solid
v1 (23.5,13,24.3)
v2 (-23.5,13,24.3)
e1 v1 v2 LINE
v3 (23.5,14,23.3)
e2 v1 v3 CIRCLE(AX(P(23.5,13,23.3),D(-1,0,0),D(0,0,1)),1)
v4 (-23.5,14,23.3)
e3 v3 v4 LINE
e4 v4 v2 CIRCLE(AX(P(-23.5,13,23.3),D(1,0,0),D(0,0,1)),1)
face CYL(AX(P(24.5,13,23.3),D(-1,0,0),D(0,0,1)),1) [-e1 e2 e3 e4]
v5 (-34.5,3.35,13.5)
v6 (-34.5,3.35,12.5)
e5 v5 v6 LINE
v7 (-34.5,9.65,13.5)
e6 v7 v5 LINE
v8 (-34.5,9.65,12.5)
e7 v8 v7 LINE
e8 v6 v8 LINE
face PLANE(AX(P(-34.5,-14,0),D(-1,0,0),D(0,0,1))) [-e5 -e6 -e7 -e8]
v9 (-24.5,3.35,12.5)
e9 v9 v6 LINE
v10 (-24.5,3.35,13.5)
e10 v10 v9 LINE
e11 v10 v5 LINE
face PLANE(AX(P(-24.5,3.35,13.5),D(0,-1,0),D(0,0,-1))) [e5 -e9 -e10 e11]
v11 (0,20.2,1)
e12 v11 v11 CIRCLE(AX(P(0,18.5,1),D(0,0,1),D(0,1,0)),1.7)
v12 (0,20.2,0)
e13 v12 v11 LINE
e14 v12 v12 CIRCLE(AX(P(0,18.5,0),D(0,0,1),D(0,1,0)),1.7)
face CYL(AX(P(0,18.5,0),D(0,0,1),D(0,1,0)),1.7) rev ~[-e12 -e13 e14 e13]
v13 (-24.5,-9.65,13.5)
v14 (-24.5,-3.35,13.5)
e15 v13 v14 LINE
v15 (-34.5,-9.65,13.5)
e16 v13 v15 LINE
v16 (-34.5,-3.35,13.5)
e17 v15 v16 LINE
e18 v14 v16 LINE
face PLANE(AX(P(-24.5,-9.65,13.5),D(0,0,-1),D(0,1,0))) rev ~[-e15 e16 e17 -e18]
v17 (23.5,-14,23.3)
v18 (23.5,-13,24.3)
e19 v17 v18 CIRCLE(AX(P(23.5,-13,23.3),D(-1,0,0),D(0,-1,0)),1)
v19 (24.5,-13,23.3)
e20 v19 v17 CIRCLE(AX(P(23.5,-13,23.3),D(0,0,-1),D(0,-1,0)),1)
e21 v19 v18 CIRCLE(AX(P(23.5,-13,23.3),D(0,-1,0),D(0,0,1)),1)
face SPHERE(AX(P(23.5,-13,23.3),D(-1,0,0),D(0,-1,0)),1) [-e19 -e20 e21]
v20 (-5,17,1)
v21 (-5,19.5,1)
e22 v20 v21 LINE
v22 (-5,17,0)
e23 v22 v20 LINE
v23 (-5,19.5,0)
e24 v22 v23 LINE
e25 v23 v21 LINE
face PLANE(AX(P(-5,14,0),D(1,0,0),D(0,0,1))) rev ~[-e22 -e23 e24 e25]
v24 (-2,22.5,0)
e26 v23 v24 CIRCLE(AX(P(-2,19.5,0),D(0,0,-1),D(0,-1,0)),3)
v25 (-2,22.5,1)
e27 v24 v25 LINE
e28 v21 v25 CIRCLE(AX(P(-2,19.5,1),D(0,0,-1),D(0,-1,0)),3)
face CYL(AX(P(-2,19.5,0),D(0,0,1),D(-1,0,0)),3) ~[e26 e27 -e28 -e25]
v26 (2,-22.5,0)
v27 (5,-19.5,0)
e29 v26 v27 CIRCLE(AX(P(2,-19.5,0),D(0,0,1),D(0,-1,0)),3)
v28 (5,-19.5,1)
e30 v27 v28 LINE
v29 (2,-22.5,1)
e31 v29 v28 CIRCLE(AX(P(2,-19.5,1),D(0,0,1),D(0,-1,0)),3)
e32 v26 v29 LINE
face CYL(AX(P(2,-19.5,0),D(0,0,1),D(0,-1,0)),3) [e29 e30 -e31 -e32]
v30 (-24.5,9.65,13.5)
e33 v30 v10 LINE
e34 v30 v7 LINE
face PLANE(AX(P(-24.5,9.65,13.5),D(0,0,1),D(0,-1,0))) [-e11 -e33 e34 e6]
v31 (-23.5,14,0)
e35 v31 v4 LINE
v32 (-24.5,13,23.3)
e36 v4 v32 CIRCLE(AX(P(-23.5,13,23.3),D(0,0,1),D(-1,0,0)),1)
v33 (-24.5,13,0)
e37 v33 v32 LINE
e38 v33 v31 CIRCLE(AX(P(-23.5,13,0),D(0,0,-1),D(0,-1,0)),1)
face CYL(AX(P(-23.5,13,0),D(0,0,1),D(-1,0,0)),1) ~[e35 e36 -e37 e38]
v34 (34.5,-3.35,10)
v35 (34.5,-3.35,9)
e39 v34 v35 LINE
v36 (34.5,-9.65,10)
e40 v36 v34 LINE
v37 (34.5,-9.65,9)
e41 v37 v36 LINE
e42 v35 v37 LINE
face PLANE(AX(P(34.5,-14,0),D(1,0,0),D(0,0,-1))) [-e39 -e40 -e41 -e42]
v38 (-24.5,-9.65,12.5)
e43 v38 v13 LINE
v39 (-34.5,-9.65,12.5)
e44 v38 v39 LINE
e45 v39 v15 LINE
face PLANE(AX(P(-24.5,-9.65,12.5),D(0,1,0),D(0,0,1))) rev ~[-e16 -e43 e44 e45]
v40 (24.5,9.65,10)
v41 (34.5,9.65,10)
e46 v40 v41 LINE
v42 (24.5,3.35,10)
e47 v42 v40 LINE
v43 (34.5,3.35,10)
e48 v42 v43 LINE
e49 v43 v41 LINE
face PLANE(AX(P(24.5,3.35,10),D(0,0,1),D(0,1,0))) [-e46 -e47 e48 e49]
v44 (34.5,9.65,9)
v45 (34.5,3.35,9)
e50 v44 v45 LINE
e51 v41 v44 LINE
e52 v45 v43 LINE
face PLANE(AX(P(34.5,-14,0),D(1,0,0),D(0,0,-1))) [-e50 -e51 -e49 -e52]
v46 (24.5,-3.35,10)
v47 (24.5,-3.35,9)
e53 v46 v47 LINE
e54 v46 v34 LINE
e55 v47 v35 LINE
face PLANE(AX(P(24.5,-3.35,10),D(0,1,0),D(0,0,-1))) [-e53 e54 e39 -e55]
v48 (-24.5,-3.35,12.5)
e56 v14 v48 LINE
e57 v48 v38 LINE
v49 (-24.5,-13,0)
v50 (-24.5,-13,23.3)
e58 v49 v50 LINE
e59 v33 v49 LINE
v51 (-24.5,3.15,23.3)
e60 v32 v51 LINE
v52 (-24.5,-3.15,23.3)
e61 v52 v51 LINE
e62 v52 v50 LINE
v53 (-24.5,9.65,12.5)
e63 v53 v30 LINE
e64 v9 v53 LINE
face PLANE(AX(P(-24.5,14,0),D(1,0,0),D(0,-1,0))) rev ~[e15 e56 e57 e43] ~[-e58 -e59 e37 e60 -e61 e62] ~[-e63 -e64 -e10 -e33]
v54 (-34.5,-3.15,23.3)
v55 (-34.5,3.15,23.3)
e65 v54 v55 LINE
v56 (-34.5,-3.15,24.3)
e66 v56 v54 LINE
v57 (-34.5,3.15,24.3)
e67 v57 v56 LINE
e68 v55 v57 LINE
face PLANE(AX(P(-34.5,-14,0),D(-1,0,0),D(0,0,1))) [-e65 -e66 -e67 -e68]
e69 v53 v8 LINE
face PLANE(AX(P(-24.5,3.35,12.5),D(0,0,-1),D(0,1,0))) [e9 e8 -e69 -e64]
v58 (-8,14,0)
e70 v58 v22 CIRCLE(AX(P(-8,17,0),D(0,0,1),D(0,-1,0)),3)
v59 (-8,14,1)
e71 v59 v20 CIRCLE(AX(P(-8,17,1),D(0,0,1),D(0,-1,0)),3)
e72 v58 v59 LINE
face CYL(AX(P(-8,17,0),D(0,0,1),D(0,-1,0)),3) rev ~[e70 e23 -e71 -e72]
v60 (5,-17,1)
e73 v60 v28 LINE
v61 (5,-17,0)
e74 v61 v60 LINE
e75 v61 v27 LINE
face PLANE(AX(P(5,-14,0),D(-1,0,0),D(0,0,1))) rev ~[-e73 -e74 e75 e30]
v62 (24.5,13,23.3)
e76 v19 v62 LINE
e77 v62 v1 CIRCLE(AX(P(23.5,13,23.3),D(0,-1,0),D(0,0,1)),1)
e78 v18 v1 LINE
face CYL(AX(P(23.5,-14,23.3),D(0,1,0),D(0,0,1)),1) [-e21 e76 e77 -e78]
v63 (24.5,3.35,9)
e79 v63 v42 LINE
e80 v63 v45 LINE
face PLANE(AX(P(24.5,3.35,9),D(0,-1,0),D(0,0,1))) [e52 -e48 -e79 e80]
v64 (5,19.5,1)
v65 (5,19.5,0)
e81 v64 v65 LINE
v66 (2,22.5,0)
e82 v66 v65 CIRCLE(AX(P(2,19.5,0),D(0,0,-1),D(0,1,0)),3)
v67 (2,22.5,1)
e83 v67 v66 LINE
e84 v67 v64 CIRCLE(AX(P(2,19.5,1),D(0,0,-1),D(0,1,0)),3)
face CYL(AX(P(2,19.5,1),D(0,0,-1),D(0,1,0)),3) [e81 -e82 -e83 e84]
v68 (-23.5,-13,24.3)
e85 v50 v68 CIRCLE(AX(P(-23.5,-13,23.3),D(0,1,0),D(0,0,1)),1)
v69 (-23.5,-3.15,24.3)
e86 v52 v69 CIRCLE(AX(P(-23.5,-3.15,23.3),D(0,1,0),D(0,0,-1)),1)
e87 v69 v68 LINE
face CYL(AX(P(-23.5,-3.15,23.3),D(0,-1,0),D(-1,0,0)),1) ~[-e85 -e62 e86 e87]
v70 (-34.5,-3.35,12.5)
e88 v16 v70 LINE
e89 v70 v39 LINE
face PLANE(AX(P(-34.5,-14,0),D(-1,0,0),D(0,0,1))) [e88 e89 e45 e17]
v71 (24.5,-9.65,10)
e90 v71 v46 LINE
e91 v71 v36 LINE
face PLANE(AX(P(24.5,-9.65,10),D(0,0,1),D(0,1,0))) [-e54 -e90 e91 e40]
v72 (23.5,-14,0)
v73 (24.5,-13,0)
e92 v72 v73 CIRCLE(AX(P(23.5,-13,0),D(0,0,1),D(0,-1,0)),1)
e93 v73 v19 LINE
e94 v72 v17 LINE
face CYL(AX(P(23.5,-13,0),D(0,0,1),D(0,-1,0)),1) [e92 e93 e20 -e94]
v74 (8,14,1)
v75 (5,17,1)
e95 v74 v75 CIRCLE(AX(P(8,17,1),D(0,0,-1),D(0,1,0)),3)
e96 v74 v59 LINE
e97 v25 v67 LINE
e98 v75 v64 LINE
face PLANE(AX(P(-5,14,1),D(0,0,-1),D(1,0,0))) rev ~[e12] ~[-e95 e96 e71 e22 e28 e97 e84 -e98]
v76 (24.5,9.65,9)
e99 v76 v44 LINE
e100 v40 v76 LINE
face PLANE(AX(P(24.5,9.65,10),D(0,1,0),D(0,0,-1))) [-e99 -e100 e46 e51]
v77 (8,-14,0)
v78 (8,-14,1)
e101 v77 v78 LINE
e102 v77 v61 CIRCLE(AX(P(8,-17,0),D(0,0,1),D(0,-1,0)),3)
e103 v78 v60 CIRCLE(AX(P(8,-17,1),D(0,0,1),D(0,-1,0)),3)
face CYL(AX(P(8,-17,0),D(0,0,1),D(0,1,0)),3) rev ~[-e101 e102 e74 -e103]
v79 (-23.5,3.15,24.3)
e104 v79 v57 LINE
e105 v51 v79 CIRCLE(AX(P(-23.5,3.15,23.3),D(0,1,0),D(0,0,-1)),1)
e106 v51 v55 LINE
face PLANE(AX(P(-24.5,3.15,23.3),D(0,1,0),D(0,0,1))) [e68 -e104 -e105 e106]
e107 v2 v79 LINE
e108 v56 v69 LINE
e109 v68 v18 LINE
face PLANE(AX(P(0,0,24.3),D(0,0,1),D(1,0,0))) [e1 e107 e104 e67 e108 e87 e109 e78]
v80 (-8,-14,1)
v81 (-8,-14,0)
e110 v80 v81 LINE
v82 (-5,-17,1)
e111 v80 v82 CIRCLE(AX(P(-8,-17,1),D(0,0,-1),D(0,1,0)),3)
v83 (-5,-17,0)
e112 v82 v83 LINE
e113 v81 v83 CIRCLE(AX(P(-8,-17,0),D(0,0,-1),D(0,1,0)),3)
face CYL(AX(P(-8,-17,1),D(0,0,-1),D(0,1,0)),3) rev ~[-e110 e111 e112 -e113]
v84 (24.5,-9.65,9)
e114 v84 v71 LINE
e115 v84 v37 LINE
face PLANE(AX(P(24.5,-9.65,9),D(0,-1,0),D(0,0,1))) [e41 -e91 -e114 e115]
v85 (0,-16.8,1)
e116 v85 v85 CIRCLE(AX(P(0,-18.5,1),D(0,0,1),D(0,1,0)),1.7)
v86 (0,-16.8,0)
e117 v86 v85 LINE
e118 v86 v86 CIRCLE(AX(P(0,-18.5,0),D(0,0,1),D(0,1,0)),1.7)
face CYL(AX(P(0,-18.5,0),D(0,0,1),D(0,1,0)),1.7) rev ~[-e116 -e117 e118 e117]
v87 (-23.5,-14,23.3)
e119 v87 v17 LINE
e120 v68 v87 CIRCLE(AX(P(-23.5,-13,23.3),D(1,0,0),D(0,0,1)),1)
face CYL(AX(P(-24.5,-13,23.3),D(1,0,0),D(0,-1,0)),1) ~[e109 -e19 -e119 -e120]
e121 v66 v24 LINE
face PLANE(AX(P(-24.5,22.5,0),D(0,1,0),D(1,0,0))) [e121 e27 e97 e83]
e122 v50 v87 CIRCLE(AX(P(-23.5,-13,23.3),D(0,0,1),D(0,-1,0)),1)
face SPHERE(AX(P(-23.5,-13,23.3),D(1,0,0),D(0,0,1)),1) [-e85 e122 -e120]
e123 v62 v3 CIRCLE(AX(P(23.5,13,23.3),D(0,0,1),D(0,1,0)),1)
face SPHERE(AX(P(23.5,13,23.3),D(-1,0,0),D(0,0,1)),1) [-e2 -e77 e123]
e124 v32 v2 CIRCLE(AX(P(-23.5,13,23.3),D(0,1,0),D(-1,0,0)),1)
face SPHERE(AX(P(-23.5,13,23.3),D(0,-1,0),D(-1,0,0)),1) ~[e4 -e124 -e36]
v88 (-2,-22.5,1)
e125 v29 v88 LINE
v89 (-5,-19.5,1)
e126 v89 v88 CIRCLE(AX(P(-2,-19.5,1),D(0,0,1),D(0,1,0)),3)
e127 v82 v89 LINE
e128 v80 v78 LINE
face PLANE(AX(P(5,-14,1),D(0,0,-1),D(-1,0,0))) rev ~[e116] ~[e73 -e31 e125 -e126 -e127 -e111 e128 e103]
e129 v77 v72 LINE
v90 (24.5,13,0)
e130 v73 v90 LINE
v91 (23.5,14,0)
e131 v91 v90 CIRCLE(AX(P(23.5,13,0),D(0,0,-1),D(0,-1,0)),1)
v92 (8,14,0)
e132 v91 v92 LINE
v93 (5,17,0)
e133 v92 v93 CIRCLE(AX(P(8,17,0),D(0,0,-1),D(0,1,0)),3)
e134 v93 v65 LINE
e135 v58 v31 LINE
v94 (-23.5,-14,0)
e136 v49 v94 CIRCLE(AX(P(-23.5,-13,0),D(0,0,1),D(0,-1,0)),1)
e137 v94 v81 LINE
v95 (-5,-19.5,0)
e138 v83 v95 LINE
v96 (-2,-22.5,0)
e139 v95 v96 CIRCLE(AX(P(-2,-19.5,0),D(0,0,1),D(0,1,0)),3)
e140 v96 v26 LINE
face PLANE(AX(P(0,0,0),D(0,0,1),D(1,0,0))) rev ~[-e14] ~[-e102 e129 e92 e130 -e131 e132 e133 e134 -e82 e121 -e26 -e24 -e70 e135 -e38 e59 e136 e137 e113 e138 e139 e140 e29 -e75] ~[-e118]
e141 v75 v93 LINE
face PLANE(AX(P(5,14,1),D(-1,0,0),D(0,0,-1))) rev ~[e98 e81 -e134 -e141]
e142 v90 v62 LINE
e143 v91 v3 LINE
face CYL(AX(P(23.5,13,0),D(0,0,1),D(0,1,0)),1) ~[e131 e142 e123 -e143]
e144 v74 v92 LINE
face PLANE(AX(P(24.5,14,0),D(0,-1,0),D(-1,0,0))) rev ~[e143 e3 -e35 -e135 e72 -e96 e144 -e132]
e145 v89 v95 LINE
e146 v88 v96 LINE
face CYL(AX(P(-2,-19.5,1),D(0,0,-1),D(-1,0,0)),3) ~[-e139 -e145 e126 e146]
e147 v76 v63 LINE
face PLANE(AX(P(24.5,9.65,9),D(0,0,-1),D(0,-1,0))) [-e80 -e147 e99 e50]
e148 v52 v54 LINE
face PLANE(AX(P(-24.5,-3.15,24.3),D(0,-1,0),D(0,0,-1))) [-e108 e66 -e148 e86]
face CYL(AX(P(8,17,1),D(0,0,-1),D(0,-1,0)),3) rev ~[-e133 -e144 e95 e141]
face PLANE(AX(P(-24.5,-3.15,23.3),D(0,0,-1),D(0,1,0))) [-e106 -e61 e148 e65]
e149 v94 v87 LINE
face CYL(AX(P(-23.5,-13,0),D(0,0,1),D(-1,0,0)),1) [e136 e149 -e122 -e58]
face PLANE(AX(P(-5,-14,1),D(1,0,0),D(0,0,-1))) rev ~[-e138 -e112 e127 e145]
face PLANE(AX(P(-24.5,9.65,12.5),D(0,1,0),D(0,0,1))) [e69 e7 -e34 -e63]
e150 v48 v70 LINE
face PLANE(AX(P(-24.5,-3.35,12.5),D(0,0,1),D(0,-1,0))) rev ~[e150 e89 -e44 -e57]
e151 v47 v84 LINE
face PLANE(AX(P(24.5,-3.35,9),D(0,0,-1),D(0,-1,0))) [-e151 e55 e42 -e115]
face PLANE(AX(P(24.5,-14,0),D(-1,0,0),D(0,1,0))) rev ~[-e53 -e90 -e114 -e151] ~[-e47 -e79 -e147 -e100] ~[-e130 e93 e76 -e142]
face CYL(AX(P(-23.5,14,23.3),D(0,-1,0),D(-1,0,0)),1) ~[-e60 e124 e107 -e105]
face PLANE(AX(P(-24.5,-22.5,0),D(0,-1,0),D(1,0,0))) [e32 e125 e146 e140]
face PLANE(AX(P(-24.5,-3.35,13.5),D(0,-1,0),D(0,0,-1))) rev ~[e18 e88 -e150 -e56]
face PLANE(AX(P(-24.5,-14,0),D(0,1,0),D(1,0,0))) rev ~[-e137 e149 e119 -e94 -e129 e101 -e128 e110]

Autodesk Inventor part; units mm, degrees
ref_plane "YZ Plane" through (0, 0, 0) normal (1, 0, 0) x (0, 1, 0)
ref_plane "XZ Plane" through (0, 0, 0) normal (0, 1, 0) x (-1, 0, 0)
ref_plane "XY Plane" through (0, 0, 0) normal (0, 0, 1) x (1, 0, 0)
sketch "Sketch1" plane through (0, 0, 0) normal (0, 0, 1) x (1, 0, 0)
  line L0 (-24.5, -14) -> (24.5, -14)
  line L1 (24.5, -14) -> (24.5, 14)
  line L2 (24.5, 14) -> (-24.5, 14)
  line L3 (-24.5, 14) -> (-24.5, -14)
  line L4 (-24.5, -14) -> (24.5, 14) construction
  line L5 (24.5, -14) -> (-24.5, 14) construction
  point P0 (0, 0)
  dimension "d0" = 49
  dimension "d1" = 28
extrude "Extrusion1" add sketch "Sketch1" along normal blind 24.3
sketch "Sketch2" plane through (24.5, -14, 0) normal (1, 0, 0) x (0, 0, -1)
  line L0 (-9, 4.35) -> (-10, 4.35)
  line L1 (-10, 4.35) -> (-10, 10.65)
  line L2 (-10, 10.65) -> (-9, 10.65)
  line L3 (-9, 10.65) -> (-9, 4.35)
  line L4 (-9, 4.35) -> (-10, 10.65) construction
  line L5 (-10, 4.35) -> (-9, 10.65) construction
  line L6 (-9, 17.35) -> (-10, 17.35)
  line L7 (-10, 17.35) -> (-10, 23.65)
  line L8 (-10, 23.65) -> (-9, 23.65)
  line L9 (-9, 23.65) -> (-9, 17.35)
  line L10 (-9, 17.35) -> (-10, 23.65) construction
  line L11 (-10, 17.35) -> (-9, 23.65) construction
  line L12 (-9.5, 7.5) -> (-9.5, 20.5) construction
  line L13 (0, 0) -> (0, 28) construction
  point P0 (0, 14)
  point P1 (-9.5, 14)
  point P2 (0, 14)
  dimension "d4" = 1
  dimension "d5" = 6.3
  dimension "d6" = 6.3
  dimension "d7" = 13
  dimension "d8" = 9
extrude "Extrusion2" add sketch "Sketch2" along normal blind 10
sketch "Sketch3" plane through (-24.5, -14, 0) normal (0, -1, 0) x (1, 0, 0)
  line L0 (19.5, 0) -> (29.5, 0)
  line L1 (29.5, 0) -> (29.5, 1)
  line L2 (29.5, 1) -> (19.5, 1)
  line L3 (19.5, 1) -> (19.5, 0)
  line L4 (0, 0) -> (49, 0) projected
  point P0 (24.5, 0)
  point P1 (24.5, 0)
  point P2 (24.5, 0)
  point P3 (24.5, 0)
  dimension "d11" = 1
  dimension "d12" = 10
extrude "Extrusion3" add sketch "Sketch3" along normal blind 8.5
sketch "Sketch4" plane through (-24.5, 14, 0) normal (0, 1, 0) x (1, 0, 0)
  line L0 (29.5, -1) -> (29.5, 0) projected
  line L1 (29.5, 0) -> (19.5, 0)
  line L2 (19.5, 0) -> (19.5, -1)
  line L3 (19.5, -1) -> (29.5, -1)
  line L4 (29.5, -1) -> (29.5, 0)
  line L5 (49, 0) -> (0, 0) projected
  point P0 (24.5, 0)
  point P1 (24.5, -1)
  point P2 (24.5, 0)
  dimension "d15" = 1
extrude "Extrusion4" add sketch "Sketch4" along normal blind 8.5
sketch "Sketch5" plane through (-24.5, -14, 0) normal (-1, 0, 0) x (0, 0, 1)
  line L0 (12.5, 23.65) -> (13.5, 23.65)
  line L1 (13.5, 23.65) -> (13.5, 17.35)
  line L2 (13.5, 17.35) -> (12.5, 17.35)
  line L3 (12.5, 17.35) -> (12.5, 23.65)
  line L4 (12.5, 23.65) -> (13.5, 17.35) construction
  line L5 (13.5, 23.65) -> (12.5, 17.35) construction
  line L6 (12.5, 4.35) -> (13.5, 4.35)
  line L7 (13.5, 4.35) -> (13.5, 10.65)
  line L8 (13.5, 10.65) -> (12.5, 10.65)
  line L9 (12.5, 10.65) -> (12.5, 4.35)
  line L10 (12.5, 4.35) -> (13.5, 10.65) construction
  line L11 (13.5, 4.35) -> (12.5, 10.65) construction
  line L12 (13, 20.5) -> (13, 7.5) construction
  line L13 (0, 28) -> (0, 0) construction
  point P0 (0, 14)
  point P1 (13, 14)
  point P2 (0, 14)
  dimension "d18" = 1
  dimension "d19" = 6.3
  dimension "d20" = 6.3
  dimension "d21" = 13
  dimension "d22" = 13
extrude "Extrusion5" add sketch "Sketch5" along normal blind 10
sketch "Sketch6" plane through (-24.5, -14, 0) normal (-1, 0, 0) x (0, 0, 1)
  line L0 (23.3, 17.15) -> (24.3, 17.15)
  line L1 (24.3, 17.15) -> (24.3, 10.85)
  line L2 (24.3, 10.85) -> (23.3, 10.85)
  line L3 (23.3, 10.85) -> (23.3, 17.15)
  line L4 (23.3, 17.15) -> (24.3, 10.85) construction
  line L5 (24.3, 17.15) -> (23.3, 10.85) construction
  line L6 (0, 28) -> (0, 0) projected
  point P0 (0, 14)
  point P1 (23.8, 14)
  point P2 (23.8, 14)
  point P3 (0, 14)
  point P4 (24.3, 28)
  dimension "d25" = 1
  dimension "d26" = 6.3
extrude "Extrusion6" add sketch "Sketch6" along normal blind 10
fillet "Fillet1" radius 1 9 edges at (0, -14, 24.3) (-24.5, -8.575, 24.3) (-24.5, 8.575, 24.3) (-24.5, 14, 12.15) (0, 14, 24.3) (-24.5, -14, 12.15) (24.5, -14, 12.15) (24.5, 0, 24.3) (24.5, 14, 12.15)
fillet "Fillet2" radius 3 8 edges at (5, -14, 0.5) (5, -22.5, 0.5) (-5, -22.5, 0.5) (-5, -14, 0.5) (-5, 14, 0.5) (-5, 22.5, 0.5) (5, 14, 0.5) (5, 22.5, 0.5)
sketch "Sketch7" plane through (0, 0, 0) normal (0, 0, -1) x (-1, 0, 0)
  line L0 (0, 18.5) -> (0, -18.5) construction
  point P0 (0, 0)
  point P1 (0, 0)
  dimension "d31" = 37
hole "Hole1" at (0, 18.5, 0) at (0, -18.5, 0) direction (0, 0, 1) diameter 3.4 depth 8 tip angle 118 clearance for "Countersunk Flat Head Screw DIN EN ISO 2009" size "M3" standard "DIN"
properties part number "Netzfilter" material "Aluminum 6061"
